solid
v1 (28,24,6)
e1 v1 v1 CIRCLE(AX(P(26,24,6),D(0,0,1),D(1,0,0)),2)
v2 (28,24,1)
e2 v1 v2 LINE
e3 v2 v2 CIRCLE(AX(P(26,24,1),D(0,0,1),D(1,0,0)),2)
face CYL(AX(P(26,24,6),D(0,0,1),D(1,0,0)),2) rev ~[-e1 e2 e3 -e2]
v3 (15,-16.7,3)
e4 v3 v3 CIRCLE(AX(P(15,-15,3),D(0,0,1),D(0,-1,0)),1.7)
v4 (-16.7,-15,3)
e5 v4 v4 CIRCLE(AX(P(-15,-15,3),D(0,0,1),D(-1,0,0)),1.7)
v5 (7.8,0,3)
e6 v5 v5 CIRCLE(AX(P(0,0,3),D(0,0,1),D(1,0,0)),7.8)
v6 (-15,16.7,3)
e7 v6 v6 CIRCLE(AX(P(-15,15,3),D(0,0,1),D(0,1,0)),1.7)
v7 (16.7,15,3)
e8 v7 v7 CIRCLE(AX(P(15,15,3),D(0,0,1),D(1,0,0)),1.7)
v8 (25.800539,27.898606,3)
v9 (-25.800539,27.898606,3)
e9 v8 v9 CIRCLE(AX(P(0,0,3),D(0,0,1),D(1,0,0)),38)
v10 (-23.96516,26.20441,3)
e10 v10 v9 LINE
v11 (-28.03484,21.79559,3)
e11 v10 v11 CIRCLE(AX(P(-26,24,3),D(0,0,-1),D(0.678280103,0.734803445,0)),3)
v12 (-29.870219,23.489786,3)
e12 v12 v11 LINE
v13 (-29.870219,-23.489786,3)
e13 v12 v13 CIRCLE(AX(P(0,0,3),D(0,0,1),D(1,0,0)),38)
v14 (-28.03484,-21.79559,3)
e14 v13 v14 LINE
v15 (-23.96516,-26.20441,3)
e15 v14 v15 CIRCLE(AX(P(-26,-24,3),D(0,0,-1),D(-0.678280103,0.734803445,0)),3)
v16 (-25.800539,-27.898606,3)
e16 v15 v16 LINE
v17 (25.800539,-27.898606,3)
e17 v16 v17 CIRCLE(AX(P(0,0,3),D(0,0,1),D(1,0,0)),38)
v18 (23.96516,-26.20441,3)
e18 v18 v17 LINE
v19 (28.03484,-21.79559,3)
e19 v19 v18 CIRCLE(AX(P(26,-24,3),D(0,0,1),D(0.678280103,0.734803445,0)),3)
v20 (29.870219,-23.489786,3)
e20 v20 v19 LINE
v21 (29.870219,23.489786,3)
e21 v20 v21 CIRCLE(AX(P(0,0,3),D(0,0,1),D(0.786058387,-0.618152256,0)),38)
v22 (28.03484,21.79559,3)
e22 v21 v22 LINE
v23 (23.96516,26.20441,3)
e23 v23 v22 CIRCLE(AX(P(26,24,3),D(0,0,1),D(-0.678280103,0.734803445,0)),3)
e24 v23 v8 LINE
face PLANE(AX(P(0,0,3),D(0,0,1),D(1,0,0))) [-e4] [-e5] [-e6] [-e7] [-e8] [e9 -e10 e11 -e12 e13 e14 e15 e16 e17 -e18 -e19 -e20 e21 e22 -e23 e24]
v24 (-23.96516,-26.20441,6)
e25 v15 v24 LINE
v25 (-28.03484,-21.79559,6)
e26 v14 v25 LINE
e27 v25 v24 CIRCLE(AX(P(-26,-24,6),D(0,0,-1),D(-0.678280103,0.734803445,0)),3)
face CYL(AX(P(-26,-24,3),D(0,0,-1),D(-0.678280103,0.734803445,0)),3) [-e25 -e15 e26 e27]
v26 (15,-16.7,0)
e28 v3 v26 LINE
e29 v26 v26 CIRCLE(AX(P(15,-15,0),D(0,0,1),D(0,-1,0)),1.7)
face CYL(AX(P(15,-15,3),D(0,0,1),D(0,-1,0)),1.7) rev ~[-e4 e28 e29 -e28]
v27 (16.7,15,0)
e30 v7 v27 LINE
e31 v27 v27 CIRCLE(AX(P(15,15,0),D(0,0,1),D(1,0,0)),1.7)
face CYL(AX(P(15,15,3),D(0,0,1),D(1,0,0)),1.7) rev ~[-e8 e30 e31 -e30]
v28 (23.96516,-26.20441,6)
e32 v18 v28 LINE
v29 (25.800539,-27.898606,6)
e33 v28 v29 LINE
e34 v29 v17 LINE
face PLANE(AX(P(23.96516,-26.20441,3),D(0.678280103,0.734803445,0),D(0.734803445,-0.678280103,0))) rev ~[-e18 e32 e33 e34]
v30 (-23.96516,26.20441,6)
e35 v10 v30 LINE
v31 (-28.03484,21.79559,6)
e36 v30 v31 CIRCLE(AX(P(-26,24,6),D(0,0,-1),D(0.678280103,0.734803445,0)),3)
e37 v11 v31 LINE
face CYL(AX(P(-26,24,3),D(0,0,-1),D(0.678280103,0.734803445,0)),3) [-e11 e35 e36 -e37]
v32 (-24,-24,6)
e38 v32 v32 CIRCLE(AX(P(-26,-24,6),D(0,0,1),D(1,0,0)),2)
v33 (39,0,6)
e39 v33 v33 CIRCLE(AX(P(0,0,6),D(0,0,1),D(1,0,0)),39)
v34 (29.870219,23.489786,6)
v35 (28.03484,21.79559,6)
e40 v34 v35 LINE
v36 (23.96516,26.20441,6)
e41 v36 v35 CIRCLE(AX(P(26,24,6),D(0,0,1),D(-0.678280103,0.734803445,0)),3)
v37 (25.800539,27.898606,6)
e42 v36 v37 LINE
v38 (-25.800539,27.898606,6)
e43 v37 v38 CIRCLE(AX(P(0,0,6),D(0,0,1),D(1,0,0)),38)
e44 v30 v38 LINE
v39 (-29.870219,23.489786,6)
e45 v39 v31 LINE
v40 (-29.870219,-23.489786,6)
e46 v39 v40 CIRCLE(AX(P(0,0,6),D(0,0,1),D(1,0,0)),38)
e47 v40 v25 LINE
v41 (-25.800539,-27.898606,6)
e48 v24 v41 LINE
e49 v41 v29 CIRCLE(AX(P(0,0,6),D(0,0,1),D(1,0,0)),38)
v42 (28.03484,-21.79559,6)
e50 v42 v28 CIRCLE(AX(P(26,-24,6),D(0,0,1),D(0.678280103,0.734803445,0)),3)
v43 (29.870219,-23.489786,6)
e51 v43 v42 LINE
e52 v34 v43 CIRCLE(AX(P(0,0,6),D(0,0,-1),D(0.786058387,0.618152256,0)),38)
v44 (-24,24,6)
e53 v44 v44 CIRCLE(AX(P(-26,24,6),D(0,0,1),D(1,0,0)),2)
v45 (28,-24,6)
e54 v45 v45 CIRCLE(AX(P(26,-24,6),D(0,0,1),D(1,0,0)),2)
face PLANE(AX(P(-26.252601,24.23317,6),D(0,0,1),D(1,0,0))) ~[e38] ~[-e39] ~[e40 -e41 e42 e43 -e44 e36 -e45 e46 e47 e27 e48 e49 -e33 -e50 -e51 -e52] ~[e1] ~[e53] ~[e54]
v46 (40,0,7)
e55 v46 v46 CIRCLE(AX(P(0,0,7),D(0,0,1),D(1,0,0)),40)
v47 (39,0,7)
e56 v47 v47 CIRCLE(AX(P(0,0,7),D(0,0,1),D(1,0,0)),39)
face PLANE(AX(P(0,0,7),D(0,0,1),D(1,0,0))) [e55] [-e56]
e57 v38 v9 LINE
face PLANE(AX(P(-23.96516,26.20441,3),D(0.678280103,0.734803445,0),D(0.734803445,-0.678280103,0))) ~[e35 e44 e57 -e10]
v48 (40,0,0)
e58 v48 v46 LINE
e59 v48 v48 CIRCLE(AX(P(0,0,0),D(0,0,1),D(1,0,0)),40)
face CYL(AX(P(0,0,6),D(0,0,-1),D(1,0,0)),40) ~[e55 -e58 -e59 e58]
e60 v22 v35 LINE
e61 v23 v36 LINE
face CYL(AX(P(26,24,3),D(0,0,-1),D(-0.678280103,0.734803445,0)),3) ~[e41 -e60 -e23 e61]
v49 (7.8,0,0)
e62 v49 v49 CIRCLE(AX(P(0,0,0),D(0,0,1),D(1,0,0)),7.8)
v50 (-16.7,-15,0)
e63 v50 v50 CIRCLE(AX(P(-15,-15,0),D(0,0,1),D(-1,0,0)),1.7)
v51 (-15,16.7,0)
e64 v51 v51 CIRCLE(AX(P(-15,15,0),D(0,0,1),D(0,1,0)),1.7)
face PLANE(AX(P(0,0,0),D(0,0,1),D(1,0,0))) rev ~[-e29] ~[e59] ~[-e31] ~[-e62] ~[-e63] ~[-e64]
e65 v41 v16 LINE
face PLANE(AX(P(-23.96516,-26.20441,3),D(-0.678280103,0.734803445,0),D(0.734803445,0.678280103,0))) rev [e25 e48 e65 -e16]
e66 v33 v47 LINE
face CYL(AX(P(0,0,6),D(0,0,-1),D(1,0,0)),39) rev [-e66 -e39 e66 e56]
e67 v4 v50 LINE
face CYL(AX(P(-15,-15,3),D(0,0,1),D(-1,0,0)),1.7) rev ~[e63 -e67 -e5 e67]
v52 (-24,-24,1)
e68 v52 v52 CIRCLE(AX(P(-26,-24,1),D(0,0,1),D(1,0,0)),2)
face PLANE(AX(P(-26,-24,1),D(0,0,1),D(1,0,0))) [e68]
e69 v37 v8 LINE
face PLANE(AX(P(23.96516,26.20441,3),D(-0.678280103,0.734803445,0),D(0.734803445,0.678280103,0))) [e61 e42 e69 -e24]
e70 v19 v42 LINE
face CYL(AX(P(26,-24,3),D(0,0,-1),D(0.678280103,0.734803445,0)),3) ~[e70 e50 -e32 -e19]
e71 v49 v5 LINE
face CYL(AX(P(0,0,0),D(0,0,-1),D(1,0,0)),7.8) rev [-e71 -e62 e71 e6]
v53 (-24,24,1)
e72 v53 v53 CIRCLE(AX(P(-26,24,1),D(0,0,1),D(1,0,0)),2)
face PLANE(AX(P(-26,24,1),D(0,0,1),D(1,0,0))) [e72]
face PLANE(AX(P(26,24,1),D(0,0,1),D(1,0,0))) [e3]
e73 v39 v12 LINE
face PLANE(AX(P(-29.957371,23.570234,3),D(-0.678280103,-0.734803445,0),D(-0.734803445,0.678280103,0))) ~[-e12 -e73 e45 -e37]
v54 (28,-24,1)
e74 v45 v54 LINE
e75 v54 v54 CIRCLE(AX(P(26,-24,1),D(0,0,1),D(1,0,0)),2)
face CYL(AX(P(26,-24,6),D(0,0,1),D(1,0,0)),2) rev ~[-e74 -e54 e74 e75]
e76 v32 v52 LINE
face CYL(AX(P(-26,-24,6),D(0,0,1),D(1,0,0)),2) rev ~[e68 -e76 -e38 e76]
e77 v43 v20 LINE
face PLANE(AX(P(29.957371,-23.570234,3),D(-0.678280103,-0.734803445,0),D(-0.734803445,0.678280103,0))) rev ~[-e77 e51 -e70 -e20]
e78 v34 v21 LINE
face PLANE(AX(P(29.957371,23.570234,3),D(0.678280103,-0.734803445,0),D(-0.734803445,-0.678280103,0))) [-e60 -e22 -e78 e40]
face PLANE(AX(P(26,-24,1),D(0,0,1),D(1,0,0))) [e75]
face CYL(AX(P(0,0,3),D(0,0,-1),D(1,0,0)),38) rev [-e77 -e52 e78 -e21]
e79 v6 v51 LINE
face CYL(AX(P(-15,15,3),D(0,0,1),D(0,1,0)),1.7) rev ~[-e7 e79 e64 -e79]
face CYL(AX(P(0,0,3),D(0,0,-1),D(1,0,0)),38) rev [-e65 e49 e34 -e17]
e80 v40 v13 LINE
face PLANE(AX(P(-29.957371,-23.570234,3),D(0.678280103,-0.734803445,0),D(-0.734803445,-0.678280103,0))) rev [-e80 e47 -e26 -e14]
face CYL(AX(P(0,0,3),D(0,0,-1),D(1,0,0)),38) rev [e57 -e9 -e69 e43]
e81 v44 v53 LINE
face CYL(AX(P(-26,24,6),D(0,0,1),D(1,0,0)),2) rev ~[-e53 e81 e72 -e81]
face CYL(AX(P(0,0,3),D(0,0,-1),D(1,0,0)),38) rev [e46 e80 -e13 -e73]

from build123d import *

# Parameters (mm, degrees)
SKETCH_R           = 40
SKETCH_R_2         = 7.8
PAD_DEPTH          = 3
SKETCH001_R        = 1.7
POCKET_DEPTH       = 229.354706
POLARPATTERN_COUNT = 4
SKETCH002_R        = 40
SKETCH002_R_2      = 38
PAD001_DEPTH       = 3
SKETCH003_R        = 40
SKETCH003_R_2      = 39
PAD002_DEPTH       = 1
PAD003_DEPTH       = 3
SKETCH005_R        = 2
POCKET001_DEPTH    = 5


with BuildPart() as part:
    # Sketch → Pad (new body)
    with BuildSketch(Plane.XY):
        Circle(SKETCH_R)
        Circle(SKETCH_R_2, mode=Mode.SUBTRACT)
    extrude(amount=PAD_DEPTH)

    # Sketch001 → Pocket (cut, through all)
    with BuildSketch(Plane.XY.offset(3)):
        with Locations((15, 15)):
            Circle(SKETCH001_R)
    pocket = extrude(amount=-POCKET_DEPTH, mode=Mode.SUBTRACT)

    # PolarPattern: Pocket ×4 about axis
    polarpattern_axis = Axis((0, 0, 3), (0, 0, 1))
    for i in range(1, POLARPATTERN_COUNT):
        add(pocket.rotate(polarpattern_axis, i * 360 / POLARPATTERN_COUNT), mode=Mode.SUBTRACT)

    # Sketch002 → Pad001 (new body)
    with BuildSketch(Plane.XY.offset(3)):
        Circle(SKETCH002_R)
        Circle(SKETCH002_R_2, mode=Mode.SUBTRACT)
    extrude(amount=PAD001_DEPTH)

    # Sketch003 → Pad002 (new body)
    with BuildSketch(Plane.XY.offset(6)):
        Circle(SKETCH003_R)
        Circle(SKETCH003_R_2, mode=Mode.SUBTRACT)
    extrude(amount=PAD002_DEPTH)

    # Sketch004 → Pad003 (new body)
    with BuildSketch(Plane.XY.offset(3)):
        with BuildLine():
            ThreePointArc((23.96516, 26.20441), (23.79559, 21.96516), (28.03484, 21.79559))
            Line((29.957371, 23.570234), (28.03484, 21.79559))
            Line((25.887691, 27.979054), (29.957371, 23.570234))
            Line((23.96516, 26.20441), (25.887691, 27.979054))
        make_face()
        with BuildLine():
            ThreePointArc((28.03484, -21.79559), (23.79559, -21.96516), (23.96516, -26.20441))
            Line((23.96516, -26.20441), (25.887691, -27.979054))
            Line((25.887691, -27.979054), (29.957371, -23.570234))
            Line((29.957371, -23.570234), (28.03484, -21.79559))
        make_face()
    pad003 = extrude(amount=PAD003_DEPTH)

    # Mirrored: Pad003 across Sketch004 V_Axis
    add(pad003.mirror(Plane(origin=(0, 0, 3), x_dir=(0, 0, 1), z_dir=(1, 0, 0))))

    # Sketch005 → Pocket001 (cut)
    with BuildSketch(Plane.XY.offset(6)):
        with Locations((-26, 24)):
            Circle(SKETCH005_R)
        with Locations((-26, -24)):
            Circle(SKETCH005_R)
        with Locations((26, -24)):
            Circle(SKETCH005_R)
        with Locations((26, 24)):
            Circle(SKETCH005_R)
    extrude(amount=-POCKET001_DEPTH, mode=Mode.SUBTRACT)


solid = part.part
